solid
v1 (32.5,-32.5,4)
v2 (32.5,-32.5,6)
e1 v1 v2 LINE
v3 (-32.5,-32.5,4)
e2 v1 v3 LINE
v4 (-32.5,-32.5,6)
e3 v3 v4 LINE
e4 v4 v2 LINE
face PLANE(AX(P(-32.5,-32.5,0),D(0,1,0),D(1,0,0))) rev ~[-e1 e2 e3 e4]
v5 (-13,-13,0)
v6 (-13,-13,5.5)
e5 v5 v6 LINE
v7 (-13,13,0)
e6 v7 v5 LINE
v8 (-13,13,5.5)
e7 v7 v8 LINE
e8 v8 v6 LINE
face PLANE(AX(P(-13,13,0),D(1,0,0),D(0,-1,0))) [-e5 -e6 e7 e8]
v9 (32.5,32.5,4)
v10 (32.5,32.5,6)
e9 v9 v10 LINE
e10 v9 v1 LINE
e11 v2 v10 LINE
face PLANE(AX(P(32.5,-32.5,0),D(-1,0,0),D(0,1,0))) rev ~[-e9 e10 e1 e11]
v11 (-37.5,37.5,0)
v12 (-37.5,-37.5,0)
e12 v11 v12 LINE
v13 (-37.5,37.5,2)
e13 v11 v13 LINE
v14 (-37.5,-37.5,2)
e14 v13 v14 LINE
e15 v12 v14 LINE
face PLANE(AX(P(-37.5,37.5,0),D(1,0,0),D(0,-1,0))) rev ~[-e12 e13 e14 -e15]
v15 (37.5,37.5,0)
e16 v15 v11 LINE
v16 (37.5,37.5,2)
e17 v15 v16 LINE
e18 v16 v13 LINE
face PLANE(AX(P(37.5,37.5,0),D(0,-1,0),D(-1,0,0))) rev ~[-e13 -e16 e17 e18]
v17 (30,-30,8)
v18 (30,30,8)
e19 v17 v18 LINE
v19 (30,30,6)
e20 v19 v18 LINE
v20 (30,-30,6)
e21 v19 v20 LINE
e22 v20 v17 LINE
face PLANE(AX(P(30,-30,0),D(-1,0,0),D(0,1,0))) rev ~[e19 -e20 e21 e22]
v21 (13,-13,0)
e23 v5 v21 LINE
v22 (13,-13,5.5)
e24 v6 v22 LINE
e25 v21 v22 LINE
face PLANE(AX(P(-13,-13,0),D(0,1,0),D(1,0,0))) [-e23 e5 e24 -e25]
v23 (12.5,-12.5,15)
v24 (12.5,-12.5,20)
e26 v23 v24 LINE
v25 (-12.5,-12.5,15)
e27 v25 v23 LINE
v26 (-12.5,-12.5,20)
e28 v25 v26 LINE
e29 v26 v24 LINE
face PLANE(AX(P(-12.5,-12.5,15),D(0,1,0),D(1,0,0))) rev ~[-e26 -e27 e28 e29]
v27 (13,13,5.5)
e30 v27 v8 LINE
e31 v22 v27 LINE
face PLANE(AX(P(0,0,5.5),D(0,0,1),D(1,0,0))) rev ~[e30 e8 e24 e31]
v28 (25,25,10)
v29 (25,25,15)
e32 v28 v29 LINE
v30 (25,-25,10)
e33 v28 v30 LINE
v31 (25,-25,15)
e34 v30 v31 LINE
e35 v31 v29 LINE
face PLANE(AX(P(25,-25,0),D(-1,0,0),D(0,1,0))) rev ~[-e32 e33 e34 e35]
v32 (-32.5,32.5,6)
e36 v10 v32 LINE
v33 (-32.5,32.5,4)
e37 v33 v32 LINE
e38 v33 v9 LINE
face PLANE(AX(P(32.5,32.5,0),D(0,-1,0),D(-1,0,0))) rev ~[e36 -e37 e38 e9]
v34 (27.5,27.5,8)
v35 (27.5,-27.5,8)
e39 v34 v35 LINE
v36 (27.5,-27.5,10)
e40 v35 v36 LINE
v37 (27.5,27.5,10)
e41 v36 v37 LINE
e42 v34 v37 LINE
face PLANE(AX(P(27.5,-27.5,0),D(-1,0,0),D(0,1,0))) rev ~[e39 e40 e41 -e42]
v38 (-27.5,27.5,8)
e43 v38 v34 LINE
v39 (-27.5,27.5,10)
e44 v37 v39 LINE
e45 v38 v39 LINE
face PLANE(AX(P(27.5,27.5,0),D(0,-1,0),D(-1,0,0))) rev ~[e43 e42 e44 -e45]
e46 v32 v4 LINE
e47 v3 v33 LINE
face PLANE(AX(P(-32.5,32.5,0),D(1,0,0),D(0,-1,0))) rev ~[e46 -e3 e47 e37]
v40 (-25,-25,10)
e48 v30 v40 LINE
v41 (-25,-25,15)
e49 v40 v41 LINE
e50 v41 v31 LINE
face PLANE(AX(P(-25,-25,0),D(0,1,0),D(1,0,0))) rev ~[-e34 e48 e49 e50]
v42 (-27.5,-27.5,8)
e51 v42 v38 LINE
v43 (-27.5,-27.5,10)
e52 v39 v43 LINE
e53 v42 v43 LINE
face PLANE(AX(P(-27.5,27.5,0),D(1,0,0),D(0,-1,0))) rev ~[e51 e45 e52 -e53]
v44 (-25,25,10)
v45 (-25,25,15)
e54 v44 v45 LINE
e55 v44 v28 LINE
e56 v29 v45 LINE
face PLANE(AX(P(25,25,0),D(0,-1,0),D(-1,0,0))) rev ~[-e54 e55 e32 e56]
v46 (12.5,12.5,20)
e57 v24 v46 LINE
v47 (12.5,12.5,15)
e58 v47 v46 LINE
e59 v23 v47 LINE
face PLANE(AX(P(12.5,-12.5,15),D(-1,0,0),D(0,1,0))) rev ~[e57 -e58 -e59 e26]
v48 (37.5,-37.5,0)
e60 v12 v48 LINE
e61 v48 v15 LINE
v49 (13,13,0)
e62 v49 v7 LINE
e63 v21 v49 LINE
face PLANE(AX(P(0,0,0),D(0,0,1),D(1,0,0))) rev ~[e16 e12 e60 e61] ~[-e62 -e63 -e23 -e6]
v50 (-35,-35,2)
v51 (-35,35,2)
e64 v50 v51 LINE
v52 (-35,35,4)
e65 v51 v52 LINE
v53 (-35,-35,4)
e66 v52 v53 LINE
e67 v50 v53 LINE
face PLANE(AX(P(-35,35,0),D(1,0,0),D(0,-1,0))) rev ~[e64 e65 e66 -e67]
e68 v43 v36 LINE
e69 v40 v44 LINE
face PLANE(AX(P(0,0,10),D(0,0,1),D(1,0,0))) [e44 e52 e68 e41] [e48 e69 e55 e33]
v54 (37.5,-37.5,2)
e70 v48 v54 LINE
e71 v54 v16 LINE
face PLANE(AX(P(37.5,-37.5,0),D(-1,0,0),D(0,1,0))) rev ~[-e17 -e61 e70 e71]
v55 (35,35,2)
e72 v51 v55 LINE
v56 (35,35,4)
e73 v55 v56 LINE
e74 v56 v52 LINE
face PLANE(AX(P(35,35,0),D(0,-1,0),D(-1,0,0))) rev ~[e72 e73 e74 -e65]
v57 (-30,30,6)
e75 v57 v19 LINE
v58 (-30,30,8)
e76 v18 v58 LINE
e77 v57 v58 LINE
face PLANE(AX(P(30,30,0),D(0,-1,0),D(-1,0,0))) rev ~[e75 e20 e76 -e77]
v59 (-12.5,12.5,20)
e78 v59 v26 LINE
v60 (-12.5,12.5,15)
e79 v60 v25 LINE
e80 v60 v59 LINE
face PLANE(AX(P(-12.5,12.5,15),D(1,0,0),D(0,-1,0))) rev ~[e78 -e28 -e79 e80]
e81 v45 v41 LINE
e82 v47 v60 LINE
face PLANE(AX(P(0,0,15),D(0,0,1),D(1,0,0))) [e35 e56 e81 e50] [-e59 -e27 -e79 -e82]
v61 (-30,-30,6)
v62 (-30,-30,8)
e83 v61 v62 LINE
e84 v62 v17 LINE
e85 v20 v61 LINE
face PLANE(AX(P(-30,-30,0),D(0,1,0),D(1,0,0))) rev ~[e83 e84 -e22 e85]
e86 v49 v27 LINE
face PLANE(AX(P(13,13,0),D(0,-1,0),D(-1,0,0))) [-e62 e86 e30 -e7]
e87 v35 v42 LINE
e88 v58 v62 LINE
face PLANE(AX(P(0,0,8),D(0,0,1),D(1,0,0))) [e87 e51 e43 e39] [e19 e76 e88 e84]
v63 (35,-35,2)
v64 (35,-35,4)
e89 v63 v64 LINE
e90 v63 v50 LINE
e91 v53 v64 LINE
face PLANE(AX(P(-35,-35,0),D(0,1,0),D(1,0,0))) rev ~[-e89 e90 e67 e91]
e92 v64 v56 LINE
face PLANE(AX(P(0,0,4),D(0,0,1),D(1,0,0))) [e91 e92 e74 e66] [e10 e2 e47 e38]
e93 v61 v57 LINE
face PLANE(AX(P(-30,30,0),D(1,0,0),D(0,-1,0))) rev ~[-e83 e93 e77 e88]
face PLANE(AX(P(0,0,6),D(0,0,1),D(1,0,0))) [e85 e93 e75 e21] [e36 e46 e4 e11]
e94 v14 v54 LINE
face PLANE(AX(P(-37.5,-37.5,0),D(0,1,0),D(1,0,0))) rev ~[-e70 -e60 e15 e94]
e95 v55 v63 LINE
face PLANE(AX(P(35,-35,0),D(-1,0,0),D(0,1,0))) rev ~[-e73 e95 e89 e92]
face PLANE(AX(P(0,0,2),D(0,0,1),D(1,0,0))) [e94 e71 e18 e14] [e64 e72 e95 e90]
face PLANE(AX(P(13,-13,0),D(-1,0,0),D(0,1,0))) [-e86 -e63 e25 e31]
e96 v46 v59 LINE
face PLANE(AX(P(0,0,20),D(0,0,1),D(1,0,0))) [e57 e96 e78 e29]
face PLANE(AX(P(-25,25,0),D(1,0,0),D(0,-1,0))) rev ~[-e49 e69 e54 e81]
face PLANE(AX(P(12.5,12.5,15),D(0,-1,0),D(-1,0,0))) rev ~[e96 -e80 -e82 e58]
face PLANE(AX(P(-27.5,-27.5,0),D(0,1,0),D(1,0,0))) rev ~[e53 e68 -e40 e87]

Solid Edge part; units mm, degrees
sketch "Sketch1" plane through (0, 0, 0) normal (0, 0, 1) x (1, 0, 0)
  line L0 (-37.5, -37.5) -> (37.5, -37.5)
  line L1 (37.5, -37.5) -> (37.5, 37.5)
  line L2 (37.5, 37.5) -> (-37.5, 37.5)
  line L3 (-37.5, 37.5) -> (-37.5, -37.5)
extrude "Protrusion1" add sketch "Sketch1" along normal blind 2
sketch "Sketch2" plane through (0, 0, 0) normal (0, 0, 1) x (1, 0, 0)
  line L0 (-35, -35) -> (35, -35)
  line L1 (35, -35) -> (35, 35)
  line L2 (35, 35) -> (-35, 35)
  line L3 (-35, 35) -> (-35, -35)
extrude "ExtrudedProtrusion_2" add sketch "Sketch2" along normal blind 4
sketch "Sketch3" plane through (0, 0, 0) normal (0, 0, 1) x (1, 0, 0)
  line L0 (-32.5, -32.5) -> (32.5, -32.5)
  line L1 (32.5, -32.5) -> (32.5, 32.5)
  line L2 (32.5, 32.5) -> (-32.5, 32.5)
  line L3 (-32.5, 32.5) -> (-32.5, -32.5)
extrude "ExtrudedProtrusion_3" add sketch "Sketch3" along normal blind 6
sketch "Sketch4" plane through (0, 0, 0) normal (0, 0, 1) x (1, 0, 0)
  line L0 (-30, -30) -> (30, -30)
  line L1 (30, -30) -> (30, 30)
  line L2 (30, 30) -> (-30, 30)
  line L3 (-30, 30) -> (-30, -30)
extrude "ExtrudedProtrusion_4" add sketch "Sketch4" along normal blind 8
sketch "Sketch5" plane through (0, 0, 0) normal (0, 0, 1) x (1, 0, 0)
  line L0 (-27.5, -27.5) -> (27.5, -27.5)
  line L1 (27.5, -27.5) -> (27.5, 27.5)
  line L2 (27.5, 27.5) -> (-27.5, 27.5)
  line L3 (-27.5, 27.5) -> (-27.5, -27.5)
extrude "ExtrudedProtrusion_5" add sketch "Sketch5" along normal blind 10
sketch "Sketch6" plane through (0, 0, 0) normal (0, 0, 1) x (1, 0, 0)
  line L0 (-25, 25) -> (-25, -25)
  line L1 (-25, -25) -> (25, -25)
  line L2 (25, -25) -> (25, 25)
  line L3 (25, 25) -> (-25, 25)
extrude "ExtrudedProtrusion_6" add sketch "Sketch6" along normal blind 15
sketch "Sketch7" plane through (0, 0, 0) normal (0, 0, 1) x (1, 0, 0)
  line L0 (13, 13) -> (-13, 13)
  line L1 (-13, 13) -> (-13, -13)
  line L2 (-13, -13) -> (13, -13)
  line L3 (13, -13) -> (13, 13)
extrude "ExtrudedCutout_1" cut sketch "Sketch7" along normal blind 5.5
sketch "Sketch8" plane through (0, 0, 15) normal (0, 0, 1) x (0, -1, 0)
  line L0 (-12.5, -12.5) -> (12.5, -12.5)
  line L1 (12.5, -12.5) -> (12.5, 12.5)
  line L2 (12.5, 12.5) -> (-12.5, 12.5)
  line L3 (-12.5, 12.5) -> (-12.5, -12.5)
extrude "ExtrudedProtrusion_8" add sketch "Sketch8" along normal blind 5
